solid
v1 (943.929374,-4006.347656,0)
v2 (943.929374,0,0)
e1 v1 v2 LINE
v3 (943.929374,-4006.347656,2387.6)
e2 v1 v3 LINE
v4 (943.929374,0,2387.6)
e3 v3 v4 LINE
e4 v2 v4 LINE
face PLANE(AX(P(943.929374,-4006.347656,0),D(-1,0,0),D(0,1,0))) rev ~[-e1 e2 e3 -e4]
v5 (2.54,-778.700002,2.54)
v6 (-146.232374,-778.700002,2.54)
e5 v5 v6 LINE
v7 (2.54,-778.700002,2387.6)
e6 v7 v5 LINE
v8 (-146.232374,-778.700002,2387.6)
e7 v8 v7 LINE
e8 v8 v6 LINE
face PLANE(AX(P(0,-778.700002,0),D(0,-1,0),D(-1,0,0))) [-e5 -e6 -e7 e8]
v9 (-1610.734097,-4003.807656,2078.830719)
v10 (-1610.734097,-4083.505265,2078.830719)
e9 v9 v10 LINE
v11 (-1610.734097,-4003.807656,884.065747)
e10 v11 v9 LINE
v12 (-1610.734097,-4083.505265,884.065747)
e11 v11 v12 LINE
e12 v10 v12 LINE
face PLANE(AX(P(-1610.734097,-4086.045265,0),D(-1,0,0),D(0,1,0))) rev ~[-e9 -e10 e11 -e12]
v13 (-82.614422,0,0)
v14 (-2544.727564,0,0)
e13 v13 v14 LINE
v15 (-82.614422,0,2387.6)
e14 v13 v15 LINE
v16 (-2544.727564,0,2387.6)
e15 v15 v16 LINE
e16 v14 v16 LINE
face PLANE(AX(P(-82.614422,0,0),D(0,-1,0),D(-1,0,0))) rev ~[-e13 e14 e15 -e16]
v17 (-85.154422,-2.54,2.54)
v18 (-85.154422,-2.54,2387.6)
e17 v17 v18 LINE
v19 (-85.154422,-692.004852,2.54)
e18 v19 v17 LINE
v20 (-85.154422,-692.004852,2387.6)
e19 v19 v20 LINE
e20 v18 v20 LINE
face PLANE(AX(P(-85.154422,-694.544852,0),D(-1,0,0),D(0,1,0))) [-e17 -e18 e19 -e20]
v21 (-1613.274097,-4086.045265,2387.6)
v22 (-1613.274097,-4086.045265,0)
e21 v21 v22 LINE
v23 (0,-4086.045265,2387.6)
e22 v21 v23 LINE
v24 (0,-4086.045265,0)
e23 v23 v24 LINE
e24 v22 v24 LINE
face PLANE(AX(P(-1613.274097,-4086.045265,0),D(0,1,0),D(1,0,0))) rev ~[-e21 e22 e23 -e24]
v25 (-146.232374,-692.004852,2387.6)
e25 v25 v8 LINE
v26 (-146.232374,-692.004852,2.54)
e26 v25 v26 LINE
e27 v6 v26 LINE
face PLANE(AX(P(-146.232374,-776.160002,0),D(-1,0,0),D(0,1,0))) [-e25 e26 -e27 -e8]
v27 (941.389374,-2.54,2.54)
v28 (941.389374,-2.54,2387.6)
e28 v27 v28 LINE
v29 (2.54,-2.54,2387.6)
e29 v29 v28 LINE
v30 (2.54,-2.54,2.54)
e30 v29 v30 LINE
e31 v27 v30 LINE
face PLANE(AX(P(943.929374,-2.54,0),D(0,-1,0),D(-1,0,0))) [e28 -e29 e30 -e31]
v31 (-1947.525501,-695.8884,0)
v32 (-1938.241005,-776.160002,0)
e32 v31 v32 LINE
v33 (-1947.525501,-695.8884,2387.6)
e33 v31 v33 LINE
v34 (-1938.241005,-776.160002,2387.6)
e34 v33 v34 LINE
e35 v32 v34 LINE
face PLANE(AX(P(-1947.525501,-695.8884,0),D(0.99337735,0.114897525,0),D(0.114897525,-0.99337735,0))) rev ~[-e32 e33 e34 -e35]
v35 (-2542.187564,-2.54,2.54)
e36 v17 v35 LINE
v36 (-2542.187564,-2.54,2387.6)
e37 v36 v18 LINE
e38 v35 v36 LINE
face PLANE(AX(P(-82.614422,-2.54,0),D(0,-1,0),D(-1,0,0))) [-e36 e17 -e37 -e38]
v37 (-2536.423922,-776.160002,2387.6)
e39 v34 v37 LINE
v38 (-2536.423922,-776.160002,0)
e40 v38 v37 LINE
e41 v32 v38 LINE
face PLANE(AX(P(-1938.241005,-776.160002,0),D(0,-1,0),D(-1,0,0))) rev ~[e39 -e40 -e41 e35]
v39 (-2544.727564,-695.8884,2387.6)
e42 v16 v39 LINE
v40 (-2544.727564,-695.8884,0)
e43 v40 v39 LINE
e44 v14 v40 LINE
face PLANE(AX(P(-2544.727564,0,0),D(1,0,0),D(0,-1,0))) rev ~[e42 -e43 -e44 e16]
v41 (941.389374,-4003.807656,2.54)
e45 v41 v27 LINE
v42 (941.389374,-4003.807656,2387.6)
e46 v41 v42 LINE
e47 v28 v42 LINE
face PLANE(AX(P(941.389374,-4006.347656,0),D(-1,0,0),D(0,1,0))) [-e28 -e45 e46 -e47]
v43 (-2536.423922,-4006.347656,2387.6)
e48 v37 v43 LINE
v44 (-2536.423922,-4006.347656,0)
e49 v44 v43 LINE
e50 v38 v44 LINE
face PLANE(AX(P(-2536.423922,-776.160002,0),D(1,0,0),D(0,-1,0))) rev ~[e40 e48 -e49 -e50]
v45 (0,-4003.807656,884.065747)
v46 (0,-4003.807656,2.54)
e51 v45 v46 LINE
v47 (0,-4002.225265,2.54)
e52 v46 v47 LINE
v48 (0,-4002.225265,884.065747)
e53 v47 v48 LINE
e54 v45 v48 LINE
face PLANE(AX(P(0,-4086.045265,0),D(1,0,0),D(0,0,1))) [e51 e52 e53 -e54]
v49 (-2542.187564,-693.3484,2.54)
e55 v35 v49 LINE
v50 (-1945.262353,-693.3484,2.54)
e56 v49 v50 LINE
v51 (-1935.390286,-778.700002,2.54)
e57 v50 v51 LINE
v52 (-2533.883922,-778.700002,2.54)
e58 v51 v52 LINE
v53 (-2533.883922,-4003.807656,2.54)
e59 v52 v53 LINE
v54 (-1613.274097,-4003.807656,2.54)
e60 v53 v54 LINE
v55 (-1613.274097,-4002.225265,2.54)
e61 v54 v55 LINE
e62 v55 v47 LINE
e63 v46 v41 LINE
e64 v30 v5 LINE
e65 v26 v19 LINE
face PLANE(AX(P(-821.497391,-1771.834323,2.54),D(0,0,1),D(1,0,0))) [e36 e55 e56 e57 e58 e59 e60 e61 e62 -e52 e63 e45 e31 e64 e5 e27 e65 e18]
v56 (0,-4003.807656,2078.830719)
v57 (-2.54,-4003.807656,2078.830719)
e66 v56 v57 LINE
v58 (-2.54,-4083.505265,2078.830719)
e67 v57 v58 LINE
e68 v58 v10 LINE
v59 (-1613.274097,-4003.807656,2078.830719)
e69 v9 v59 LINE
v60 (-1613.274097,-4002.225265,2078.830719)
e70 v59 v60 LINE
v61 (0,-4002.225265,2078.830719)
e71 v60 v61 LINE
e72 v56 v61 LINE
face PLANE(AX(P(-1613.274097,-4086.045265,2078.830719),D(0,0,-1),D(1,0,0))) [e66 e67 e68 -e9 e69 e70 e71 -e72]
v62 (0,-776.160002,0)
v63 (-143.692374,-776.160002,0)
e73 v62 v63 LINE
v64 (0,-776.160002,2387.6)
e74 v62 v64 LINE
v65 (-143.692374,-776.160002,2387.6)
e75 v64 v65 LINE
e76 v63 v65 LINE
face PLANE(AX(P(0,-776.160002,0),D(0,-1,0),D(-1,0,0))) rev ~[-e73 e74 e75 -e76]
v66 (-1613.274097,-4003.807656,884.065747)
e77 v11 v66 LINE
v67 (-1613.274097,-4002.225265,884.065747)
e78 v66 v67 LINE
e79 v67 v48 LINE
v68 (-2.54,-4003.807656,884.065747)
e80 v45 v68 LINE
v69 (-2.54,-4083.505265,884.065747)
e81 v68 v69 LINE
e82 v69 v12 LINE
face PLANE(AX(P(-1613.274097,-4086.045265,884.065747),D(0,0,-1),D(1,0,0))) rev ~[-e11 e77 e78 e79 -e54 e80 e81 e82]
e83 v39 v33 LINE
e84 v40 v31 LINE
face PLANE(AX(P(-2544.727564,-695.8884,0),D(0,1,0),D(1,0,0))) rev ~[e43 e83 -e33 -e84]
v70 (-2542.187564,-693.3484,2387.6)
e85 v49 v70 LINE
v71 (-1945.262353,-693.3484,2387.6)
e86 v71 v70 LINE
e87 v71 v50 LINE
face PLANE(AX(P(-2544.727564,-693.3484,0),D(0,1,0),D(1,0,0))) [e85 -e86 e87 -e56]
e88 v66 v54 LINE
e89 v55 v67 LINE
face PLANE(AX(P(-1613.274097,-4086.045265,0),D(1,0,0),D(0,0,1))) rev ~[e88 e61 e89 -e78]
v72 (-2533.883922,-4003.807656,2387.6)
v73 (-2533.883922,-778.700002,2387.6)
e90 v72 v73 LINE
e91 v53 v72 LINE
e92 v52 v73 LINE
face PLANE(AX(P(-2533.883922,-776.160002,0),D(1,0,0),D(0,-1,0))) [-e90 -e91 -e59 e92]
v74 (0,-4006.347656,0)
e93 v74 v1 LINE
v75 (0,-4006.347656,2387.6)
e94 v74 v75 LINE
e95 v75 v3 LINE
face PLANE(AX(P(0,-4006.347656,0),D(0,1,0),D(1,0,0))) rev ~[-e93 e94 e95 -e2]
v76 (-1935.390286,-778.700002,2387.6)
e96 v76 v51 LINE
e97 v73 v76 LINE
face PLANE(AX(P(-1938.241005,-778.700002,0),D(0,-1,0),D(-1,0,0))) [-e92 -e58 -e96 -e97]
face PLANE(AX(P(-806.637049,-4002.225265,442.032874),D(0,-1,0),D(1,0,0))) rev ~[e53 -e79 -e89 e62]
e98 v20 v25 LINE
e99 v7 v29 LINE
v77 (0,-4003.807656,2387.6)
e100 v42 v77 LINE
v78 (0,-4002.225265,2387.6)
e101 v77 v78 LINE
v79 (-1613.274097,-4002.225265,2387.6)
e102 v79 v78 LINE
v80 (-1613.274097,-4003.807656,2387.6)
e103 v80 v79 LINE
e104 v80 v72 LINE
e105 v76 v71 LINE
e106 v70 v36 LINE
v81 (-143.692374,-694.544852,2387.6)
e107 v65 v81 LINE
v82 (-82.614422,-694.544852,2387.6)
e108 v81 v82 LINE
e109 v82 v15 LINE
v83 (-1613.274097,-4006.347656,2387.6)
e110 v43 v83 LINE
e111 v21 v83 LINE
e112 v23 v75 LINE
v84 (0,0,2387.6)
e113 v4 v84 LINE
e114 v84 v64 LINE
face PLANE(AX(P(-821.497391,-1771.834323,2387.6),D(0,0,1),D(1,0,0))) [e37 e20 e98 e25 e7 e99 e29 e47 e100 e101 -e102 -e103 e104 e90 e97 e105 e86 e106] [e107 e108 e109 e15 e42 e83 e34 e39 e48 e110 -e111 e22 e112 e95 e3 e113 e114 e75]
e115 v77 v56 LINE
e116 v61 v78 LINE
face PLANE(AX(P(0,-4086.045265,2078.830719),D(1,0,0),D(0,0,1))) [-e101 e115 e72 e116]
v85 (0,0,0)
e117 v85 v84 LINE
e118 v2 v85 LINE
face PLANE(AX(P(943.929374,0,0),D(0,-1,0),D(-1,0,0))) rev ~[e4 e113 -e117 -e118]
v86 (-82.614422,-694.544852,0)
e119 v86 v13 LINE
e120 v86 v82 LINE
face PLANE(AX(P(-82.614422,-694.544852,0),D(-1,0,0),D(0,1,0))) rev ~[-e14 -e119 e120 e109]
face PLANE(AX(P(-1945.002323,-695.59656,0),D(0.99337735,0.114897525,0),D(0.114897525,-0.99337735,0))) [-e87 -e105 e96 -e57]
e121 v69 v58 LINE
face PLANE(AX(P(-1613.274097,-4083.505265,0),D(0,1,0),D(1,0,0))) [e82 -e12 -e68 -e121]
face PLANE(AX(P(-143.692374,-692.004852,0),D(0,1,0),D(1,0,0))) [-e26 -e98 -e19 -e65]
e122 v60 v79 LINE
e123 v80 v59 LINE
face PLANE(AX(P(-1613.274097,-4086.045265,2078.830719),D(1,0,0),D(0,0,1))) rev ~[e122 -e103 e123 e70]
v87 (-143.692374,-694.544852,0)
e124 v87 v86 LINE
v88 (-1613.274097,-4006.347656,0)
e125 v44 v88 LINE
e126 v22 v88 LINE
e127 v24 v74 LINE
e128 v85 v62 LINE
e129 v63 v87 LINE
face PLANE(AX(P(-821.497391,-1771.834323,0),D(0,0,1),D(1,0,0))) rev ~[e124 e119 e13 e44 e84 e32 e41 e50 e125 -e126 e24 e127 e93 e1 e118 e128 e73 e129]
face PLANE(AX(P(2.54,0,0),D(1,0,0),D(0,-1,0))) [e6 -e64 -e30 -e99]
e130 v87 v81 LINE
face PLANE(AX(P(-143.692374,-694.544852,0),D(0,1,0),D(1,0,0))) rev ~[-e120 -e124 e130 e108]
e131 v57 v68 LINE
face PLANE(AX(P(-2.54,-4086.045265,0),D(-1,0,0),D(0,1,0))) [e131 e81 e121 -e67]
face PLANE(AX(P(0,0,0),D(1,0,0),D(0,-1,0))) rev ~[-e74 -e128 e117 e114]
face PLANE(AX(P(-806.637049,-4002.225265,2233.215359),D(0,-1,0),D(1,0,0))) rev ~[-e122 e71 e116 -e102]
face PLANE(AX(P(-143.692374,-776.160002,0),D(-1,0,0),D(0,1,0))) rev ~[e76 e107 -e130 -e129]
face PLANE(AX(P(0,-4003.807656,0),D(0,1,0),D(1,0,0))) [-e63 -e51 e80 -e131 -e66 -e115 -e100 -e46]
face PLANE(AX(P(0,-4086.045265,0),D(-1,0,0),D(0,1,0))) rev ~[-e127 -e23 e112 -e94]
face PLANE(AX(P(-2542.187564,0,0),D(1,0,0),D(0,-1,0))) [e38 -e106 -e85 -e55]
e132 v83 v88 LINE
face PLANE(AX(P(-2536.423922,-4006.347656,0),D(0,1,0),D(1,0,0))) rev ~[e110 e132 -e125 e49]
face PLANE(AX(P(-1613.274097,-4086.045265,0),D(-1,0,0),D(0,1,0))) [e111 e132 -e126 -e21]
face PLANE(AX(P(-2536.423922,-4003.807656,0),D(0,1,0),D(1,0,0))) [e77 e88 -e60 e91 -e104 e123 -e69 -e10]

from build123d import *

# Parameters (mm, degrees)
F0_W     = 1613.2740974426
F0_H     = 79.6976089478
F1_DEPTH = 2387.6
F2_T     = -2.54
F3_W     = 1613.2740974426
F3_H     = 308.7692810059
F3_H_2   = 884.065747261
F4_DEPTH = 83.82


with BuildPart() as f1:
    # F0 (on Top) → F1 (new body)
    with BuildSketch(Plane.XY):
        Polygon((88.8126790524, 0), (0, 0), (0, -776.1600017548), (-143.6923742294, -776.1600017548), (-143.6923742294, -694.5448517799), (-82.6144218445, -694.5448517799), (-82.6144218445, 0), (-2544.727563858, 0), (-2544.727563858, -695.8884000778), (-1947.5255012512, -695.8884000778), (-1938.2410049438, -776.1600017548), (-2536.4239215851, -776.1600017548), (-2536.4239215851, -4006.34765625), (-1613.2740974426, -4006.34765625), (0, -4006.34765625), (943.929374218, -4006.34765625), (943.929374218, 0), (853.3876538277, 0), align=None)
        with Locations((-806.6370487213, -4046.1964607239)):
            Rectangle(F0_W, F0_H)
    extrude(amount=F1_DEPTH)

    # F2
    f2_openings = [f1.faces().sort_by_distance(p)[0] for p in [
        (-795.850363, -2033.498492, 2387.6),
    ]]
    offset(amount=F2_T, openings=f2_openings, kind=Kind.INTERSECTION)

    # F3 (on face) → F4 (join)
    with BuildSketch(Plane.XZ.offset(4086.0452651978)):
        with Locations((-806.6370487213, 2233.2153594971)):
            Rectangle(F3_W, F3_H)
        with Locations((-806.6370487213, 442.0328736305)):
            Rectangle(F3_W, F3_H_2)
    extrude(amount=-F4_DEPTH)


solid = f1.part
